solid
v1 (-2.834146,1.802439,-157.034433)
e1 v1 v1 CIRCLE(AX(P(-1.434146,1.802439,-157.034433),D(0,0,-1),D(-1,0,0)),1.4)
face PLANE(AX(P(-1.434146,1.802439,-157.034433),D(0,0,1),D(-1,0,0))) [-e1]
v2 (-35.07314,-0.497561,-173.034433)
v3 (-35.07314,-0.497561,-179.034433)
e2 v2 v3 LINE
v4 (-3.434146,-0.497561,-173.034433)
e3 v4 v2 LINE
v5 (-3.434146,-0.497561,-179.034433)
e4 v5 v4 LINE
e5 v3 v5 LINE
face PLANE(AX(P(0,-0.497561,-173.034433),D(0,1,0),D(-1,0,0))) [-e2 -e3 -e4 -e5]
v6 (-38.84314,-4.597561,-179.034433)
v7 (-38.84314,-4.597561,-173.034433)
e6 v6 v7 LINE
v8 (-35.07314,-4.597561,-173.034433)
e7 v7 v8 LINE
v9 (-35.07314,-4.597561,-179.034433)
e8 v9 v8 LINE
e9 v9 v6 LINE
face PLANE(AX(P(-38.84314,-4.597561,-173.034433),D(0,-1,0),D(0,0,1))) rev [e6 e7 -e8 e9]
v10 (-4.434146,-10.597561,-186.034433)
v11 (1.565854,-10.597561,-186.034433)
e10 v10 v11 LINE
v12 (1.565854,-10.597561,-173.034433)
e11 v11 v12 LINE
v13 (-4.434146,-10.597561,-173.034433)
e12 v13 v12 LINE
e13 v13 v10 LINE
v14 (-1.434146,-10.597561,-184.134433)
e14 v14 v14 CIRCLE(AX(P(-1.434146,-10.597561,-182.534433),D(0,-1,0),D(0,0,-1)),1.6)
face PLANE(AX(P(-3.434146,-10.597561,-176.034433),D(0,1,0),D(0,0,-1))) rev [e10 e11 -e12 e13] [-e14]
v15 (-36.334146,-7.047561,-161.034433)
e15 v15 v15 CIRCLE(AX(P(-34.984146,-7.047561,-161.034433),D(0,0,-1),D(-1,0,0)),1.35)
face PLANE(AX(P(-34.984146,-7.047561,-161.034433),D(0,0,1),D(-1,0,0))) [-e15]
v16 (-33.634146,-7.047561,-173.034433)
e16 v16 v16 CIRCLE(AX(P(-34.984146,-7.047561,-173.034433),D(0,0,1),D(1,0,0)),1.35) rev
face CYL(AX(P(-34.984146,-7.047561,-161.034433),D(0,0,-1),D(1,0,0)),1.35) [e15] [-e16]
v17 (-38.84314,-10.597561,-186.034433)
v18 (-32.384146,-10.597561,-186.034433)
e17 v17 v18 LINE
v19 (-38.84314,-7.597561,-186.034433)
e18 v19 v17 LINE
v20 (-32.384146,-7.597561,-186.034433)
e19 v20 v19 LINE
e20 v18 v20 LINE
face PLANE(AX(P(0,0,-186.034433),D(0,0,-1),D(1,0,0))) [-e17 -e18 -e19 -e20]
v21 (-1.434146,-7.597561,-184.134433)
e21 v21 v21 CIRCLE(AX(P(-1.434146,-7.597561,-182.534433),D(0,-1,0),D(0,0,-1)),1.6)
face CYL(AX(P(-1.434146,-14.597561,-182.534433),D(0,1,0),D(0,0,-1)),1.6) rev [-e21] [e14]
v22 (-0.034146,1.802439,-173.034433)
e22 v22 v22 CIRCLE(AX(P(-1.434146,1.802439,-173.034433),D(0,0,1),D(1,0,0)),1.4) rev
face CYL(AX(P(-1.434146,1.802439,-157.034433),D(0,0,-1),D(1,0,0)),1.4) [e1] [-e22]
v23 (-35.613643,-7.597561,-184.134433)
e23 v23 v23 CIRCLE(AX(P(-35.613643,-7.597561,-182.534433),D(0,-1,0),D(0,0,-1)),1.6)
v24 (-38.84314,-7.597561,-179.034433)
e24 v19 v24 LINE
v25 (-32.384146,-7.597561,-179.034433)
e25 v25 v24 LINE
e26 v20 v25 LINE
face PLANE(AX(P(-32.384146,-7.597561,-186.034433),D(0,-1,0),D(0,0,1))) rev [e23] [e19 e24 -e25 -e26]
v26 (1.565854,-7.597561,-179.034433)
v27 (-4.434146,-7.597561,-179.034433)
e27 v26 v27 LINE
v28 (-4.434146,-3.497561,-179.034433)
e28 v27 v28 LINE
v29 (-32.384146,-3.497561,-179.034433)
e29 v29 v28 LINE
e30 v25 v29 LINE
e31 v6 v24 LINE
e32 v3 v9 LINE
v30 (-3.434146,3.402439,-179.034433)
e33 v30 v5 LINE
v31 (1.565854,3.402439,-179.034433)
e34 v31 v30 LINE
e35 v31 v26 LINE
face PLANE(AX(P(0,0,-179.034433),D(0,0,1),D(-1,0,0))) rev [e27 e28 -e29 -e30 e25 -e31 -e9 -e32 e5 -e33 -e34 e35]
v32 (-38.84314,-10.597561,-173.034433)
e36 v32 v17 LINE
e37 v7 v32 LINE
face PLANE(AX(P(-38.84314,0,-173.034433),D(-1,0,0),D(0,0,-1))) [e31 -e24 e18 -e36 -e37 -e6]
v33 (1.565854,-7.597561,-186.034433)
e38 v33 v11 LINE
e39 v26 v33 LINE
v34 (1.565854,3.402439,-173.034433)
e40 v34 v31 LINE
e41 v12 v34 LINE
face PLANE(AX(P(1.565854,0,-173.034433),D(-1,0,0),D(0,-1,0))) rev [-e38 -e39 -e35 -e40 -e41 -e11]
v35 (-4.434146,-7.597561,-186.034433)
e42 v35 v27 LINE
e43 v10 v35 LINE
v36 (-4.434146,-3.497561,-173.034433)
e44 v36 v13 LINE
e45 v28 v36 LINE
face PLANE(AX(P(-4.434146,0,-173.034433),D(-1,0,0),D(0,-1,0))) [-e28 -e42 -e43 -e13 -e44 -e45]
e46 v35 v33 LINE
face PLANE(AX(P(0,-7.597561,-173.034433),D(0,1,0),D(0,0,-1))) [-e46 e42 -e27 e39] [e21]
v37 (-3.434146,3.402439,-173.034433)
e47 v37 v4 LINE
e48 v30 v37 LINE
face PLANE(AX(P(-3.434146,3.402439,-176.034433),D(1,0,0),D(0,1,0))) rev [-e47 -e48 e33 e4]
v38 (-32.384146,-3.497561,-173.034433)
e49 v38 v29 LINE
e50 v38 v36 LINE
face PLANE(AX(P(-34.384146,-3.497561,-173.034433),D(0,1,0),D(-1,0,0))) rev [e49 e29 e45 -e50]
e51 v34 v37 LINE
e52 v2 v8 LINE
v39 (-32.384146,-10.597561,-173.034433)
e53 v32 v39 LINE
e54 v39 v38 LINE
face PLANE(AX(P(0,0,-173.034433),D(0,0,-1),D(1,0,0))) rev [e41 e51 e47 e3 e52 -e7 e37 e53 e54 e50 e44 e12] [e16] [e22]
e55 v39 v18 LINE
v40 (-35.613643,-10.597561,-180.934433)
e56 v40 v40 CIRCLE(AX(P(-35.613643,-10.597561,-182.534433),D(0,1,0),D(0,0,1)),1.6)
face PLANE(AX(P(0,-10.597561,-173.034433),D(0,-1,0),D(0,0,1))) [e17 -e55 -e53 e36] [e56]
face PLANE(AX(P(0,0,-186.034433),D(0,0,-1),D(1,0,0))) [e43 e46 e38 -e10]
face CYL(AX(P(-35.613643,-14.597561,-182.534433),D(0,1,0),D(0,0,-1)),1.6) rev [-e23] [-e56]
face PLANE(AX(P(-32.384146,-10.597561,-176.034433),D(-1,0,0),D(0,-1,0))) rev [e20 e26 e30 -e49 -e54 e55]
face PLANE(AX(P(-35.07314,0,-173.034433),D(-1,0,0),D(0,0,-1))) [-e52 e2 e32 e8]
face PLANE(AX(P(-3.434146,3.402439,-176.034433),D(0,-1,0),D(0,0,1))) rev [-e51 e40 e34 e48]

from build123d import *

# Parameters (mm, degrees)
SKETCH1_W            = 4
SKETCH1_H            = 14
BOSS_EXTRUDE1_DEPTH  = 3
SKETCH2_R            = 1.4
BOSS_EXTRUDE2_DEPTH  = 16
SKETCH3_W            = 4
SKETCH3_H            = 1
BOSS_EXTRUDE4_DEPTH  = 6
SKETCH7_W            = 3
SKETCH7_H            = 2
BOSS_EXTRUDE5_DEPTH  = 30.95
SKETCH8_W            = 3
SKETCH8_H            = 2
BOSS_EXTRUDE6_DEPTH  = 1
SKETCH9_W            = 1
SKETCH9_H            = 2
BOSS_EXTRUDE7_DEPTH  = 3
SKETCH10_W           = 1
SKETCH10_H           = 2
BOSS_EXTRUDE8_DEPTH  = 5.92
SKETCH11_W           = 1
SKETCH11_H           = 2
BOSS_EXTRUDE9_DEPTH  = 4
SKETCH12_W           = 1
SKETCH12_H           = 3
BOSS_EXTRUDE14_DEPTH = 0.93
SKETCH13_W           = 3
SKETCH13_H           = 3
BOSS_EXTRUDE15_DEPTH = 7.1
SKETCH14_W           = 3.33402541
SKETCH14_H           = 13.860919233
CUT_EXTRUDE3_DEPTH   = 10
SKETCH15_W           = 6.20666024
SKETCH15_H           = 3.660501205
CUT_EXTRUDE4_DEPTH   = 10
SKETCH16_W           = 3
SKETCH16_H           = 9.1
BOSS_EXTRUDE16_DEPTH = 0.12
SKETCH18_W           = 3
SKETCH18_H           = 9.1
BOSS_EXTRUDE18_DEPTH = 0.41
SKETCH19_W           = 3
SKETCH19_H           = 9.1
BOSS_EXTRUDE19_DEPTH = 0.89
SKETCH20_W           = 3
SKETCH20_H           = 6
BOSS_EXTRUDE20_DEPTH = 3.77
SKETCH21_R           = 1.35
BOSS_EXTRUDE23_DEPTH = 12
BOSS_EXTRUDE24_DEPTH = 3
SKETCH24_W           = 4
SKETCH24_H           = 1
BOSS_EXTRUDE25_DEPTH = 4
SKETCH25_W           = 4
SKETCH25_H           = 7
BOSS_EXTRUDE26_DEPTH = 2
SKETCH26_W           = 6.458993184
SKETCH26_H           = 3
BOSS_EXTRUDE27_DEPTH = 7
SKETCH27_R           = 1.6
CUT_EXTRUDE5_DEPTH   = 7
SKETCH28_R           = 1.6
CUT_EXTRUDE6_DEPTH   = 7
SKETCH30_W           = 7
SKETCH30_H           = 3
BOSS_EXTRUDE29_DEPTH = 1
SKETCH31_W           = 7
SKETCH31_H           = 3
BOSS_EXTRUDE30_DEPTH = 1
SKETCH32_W           = 6
SKETCH32_H           = 7.1
BOSS_EXTRUDE31_DEPTH = 1
SKETCH33_W           = 31.638993184
SKETCH33_H           = 6
BOSS_EXTRUDE32_DEPTH = 1
SKETCH34_W           = 6
SKETCH34_H           = 14
BOSS_EXTRUDE33_DEPTH = 1


with BuildPart() as part:
    # Sketch1 → Boss-Extrude1 (new body)
    with BuildSketch(Plane.XY):
        with Locations((-1.434146341, -3.597560976)):
            Rectangle(SKETCH1_W, SKETCH1_H)
    extrude(amount=BOSS_EXTRUDE1_DEPTH)

    # Sketch2 → Boss-Extrude2 (add)
    with BuildSketch(Plane(origin=(0, 0, 0), x_dir=(-1, 0, 0), z_dir=(0, 0, -1))):
        with Locations(Location((1.434146341, 1.802439024, 0), (0, 0, 180))):
            Circle(SKETCH2_R)
    extrude(amount=BOSS_EXTRUDE2_DEPTH)

    # Sketch3 → Boss-Extrude4 (add)
    with BuildSketch(Plane.XY.offset(3)):
        with Locations((-1.434146341, -10.097560976)):
            Rectangle(SKETCH3_W, SKETCH3_H)
    extrude(amount=BOSS_EXTRUDE4_DEPTH)

    # Sketch7 → Boss-Extrude5 (add)
    with BuildSketch(Plane.ZY.offset(3.434146341)):
        with Locations((1.5, -2.497560976)):
            Rectangle(SKETCH7_W, SKETCH7_H)
    extrude(amount=BOSS_EXTRUDE5_DEPTH)

    # Sketch8 → Boss-Extrude6 (add)
    with BuildSketch(Plane.ZY.offset(34.384146341)):
        with Locations((1.5, -2.497560976)):
            Rectangle(SKETCH8_W, SKETCH8_H)
    extrude(amount=BOSS_EXTRUDE6_DEPTH)

    # Sketch9 → Boss-Extrude7 (add)
    with BuildSketch(Plane(origin=(0, 0, 0), x_dir=(-1, 0, 0), z_dir=(0, 0, -1))):
        with Locations((34.884146341, -2.497560976)):
            Rectangle(SKETCH9_W, SKETCH9_H)
    extrude(amount=BOSS_EXTRUDE7_DEPTH)

    # Sketch10 → Boss-Extrude8 (add)
    with BuildSketch(Plane(origin=(0, 0, -3), x_dir=(-1, 0, 0), z_dir=(0, 0, -1))):
        with Locations((34.884146341, -2.497560976)):
            Rectangle(SKETCH10_W, SKETCH10_H)
    extrude(amount=BOSS_EXTRUDE8_DEPTH)

    # Sketch11 → Boss-Extrude9 (add)
    with BuildSketch(Plane(origin=(0, 0, -8.92), x_dir=(-1, 0, 0), z_dir=(0, 0, -1))):
        with Locations((34.884146341, -2.497560976)):
            Rectangle(SKETCH11_W, SKETCH11_H)
    extrude(amount=BOSS_EXTRUDE9_DEPTH)

    # Sketch12 → Boss-Extrude14 (add)
    with BuildSketch(Plane.XZ.offset(3.497560976)):
        with Locations((-34.884146341, -9.28)):
            Rectangle(SKETCH12_W, SKETCH12_H)
    extrude(amount=BOSS_EXTRUDE14_DEPTH)

    # Sketch13 → Boss-Extrude15 (add)
    with BuildSketch(Plane.XZ.offset(3.497560976)):
        with Locations((-33.884146341, 1.5)):
            Rectangle(SKETCH13_W, SKETCH13_H)
    extrude(amount=BOSS_EXTRUDE15_DEPTH)

    # Sketch14 → Cut-Extrude3 (cut)
    with BuildSketch(Plane.XY.offset(3)):
        with Locations((-35.32015223, -3.66710136)):
            Rectangle(SKETCH14_W, SKETCH14_H)
    extrude(amount=-CUT_EXTRUDE3_DEPTH, mode=Mode.SUBTRACT)


with BuildPart() as cut_extrude3_piece_1:
    # of the separate pieces the step leaves, piece 1, a body of its own (cut_extrude3_pieces)
    add(part.part.solids().sort_by_distance((-3.434146341, 3.402439024, 0))[0])

    # Sketch16 → Boss-Extrude16 (add)
    with BuildSketch(Plane.ZY.offset(33.653139525)):
        with Locations((1.5, -6.047560976)):
            Rectangle(SKETCH16_W, SKETCH16_H)
    extrude(amount=BOSS_EXTRUDE16_DEPTH)

    # Sketch18 → Boss-Extrude18 (add)
    with BuildSketch(Plane.ZY.offset(33.773139525)):
        with Locations((1.5, -6.047560976)):
            Rectangle(SKETCH18_W, SKETCH18_H)
    extrude(amount=BOSS_EXTRUDE18_DEPTH)

    # Sketch19 → Boss-Extrude19 (add)
    with BuildSketch(Plane.ZY.offset(34.183139525)):
        with Locations((1.5, -6.047560976)):
            Rectangle(SKETCH19_W, SKETCH19_H)
    extrude(amount=BOSS_EXTRUDE19_DEPTH)

    # Sketch20 → Boss-Extrude20 (add)
    with BuildSketch(Plane.ZY.offset(35.073139525)):
        with Locations((1.5, -7.597560976)):
            Rectangle(SKETCH20_W, SKETCH20_H)
    extrude(amount=BOSS_EXTRUDE20_DEPTH)

    # Sketch21 → Boss-Extrude23 (add)
    with BuildSketch(Plane(origin=(0, 0, 0), x_dir=(-1, 0, 0), z_dir=(0, 0, -1))):
        with Locations(Location((34.984146341, -7.047560976, 0), (0, 0, 180))):
            Circle(SKETCH21_R)
    extrude(amount=BOSS_EXTRUDE23_DEPTH)

    # Sketch23 → Boss-Extrude24 (add)
    with BuildSketch(Plane.XY.offset(3)):
        Polygon((-38.843139525, -10.597560976), (-38.843139525, -4.597560976), (-35.073139525, -4.597560976), (-35.073139525, -1.497560976), (-3.434146341, -1.497560976), (-3.434146341, 3.402439024), (0.565853659, 3.402439024), (0.565853659, -9.597560976), (-3.434146341, -9.597560976), (-3.434146341, -3.497560976), (-32.384146341, -3.497560976), (-32.384146341, -10.597560976), align=None)
    extrude(amount=BOSS_EXTRUDE24_DEPTH)

    # Sketch24 → Boss-Extrude25 (add)
    with BuildSketch(Plane.XY.offset(9)):
        with Locations((-1.434146341, -10.097560976)):
            Rectangle(SKETCH24_W, SKETCH24_H)
    extrude(amount=BOSS_EXTRUDE25_DEPTH)

    # Sketch25 → Boss-Extrude26 (add)
    with BuildSketch(Plane(origin=(0, -9.597560976, 0), x_dir=(1, 0, 0), z_dir=(0, 1, 0))):
        with Locations((-1.434146341, -9.5)):
            Rectangle(SKETCH25_W, SKETCH25_H)
    extrude(amount=BOSS_EXTRUDE26_DEPTH)

    # Sketch26 → Boss-Extrude27 (add)
    with BuildSketch(Plane.XY.offset(6)):
        with Locations((-35.613642933, -9.097560976)):
            Rectangle(SKETCH26_W, SKETCH26_H)
    extrude(amount=BOSS_EXTRUDE27_DEPTH)

    # Sketch27 → Cut-Extrude5 (cut)
    with BuildSketch(Plane(origin=(0, -7.597560976, 0), x_dir=(1, 0, 0), z_dir=(0, 1, 0))):
        with Locations(Location((-35.613642933, -9.5, 0), (0, 0, 270))):
            Circle(SKETCH27_R)
    extrude(amount=-CUT_EXTRUDE5_DEPTH, mode=Mode.SUBTRACT)

    # Sketch28 → Cut-Extrude6 (cut)
    with BuildSketch(Plane(origin=(0, -7.597560976, 0), x_dir=(1, 0, 0), z_dir=(0, 1, 0))):
        with Locations(Location((-1.434146341, -9.5, 0), (0, 0, 270))):
            Circle(SKETCH28_R)
    extrude(amount=-CUT_EXTRUDE6_DEPTH, mode=Mode.SUBTRACT)

    # Sketch30 → Boss-Extrude29 (add)
    with BuildSketch(Plane(origin=(0.565853659, 0, 0), x_dir=(0, 0, -1), z_dir=(1, 0, 0))):
        with Locations((-9.5, -9.097560976)):
            Rectangle(SKETCH30_W, SKETCH30_H)
    extrude(amount=BOSS_EXTRUDE29_DEPTH)

    # Sketch31 → Boss-Extrude30 (add)
    with BuildSketch(Plane.ZY.offset(3.434146341)):
        with Locations((9.5, -9.097560976)):
            Rectangle(SKETCH31_W, SKETCH31_H)
    extrude(amount=BOSS_EXTRUDE30_DEPTH)

    # Sketch32 → Boss-Extrude31 (add)
    with BuildSketch(Plane.ZY.offset(3.434146341)):
        with Locations((3, -7.047560976)):
            Rectangle(SKETCH32_W, SKETCH32_H)
    extrude(amount=BOSS_EXTRUDE31_DEPTH)

    # Sketch33 → Boss-Extrude32 (add)
    with BuildSketch(Plane(origin=(0, -1.497560976, 0), x_dir=(1, 0, 0), z_dir=(0, 1, 0))):
        with Locations((-19.253642933, -3)):
            Rectangle(SKETCH33_W, SKETCH33_H)
    extrude(amount=BOSS_EXTRUDE32_DEPTH)

    # Sketch34 → Boss-Extrude33 (add)
    with BuildSketch(Plane(origin=(0.565853659, 0, 0), x_dir=(0, 0, -1), z_dir=(1, 0, 0))):
        with Locations((-3, -3.597560976)):
            Rectangle(SKETCH34_W, SKETCH34_H)
    extrude(amount=BOSS_EXTRUDE33_DEPTH)


with BuildPart() as cut_extrude3_piece_2:
    # of the separate pieces the step leaves, piece 2, a body of its own (cut_extrude3_pieces)
    add(part.part.solids().sort_by_distance((-34.384146341, -1.497560976, -7))[0])

    # Sketch15 → Cut-Extrude4 (cut)
    with BuildSketch(Plane.ZY.offset(35.384146341)):
        with Locations((-9.81666988, -3.327811578)):
            Rectangle(SKETCH15_W, SKETCH15_H)
    extrude(amount=-CUT_EXTRUDE4_DEPTH, mode=Mode.SUBTRACT)


with BuildPart() as body_2:
    # Mirror1: mirrored copy
    add(cut_extrude3_piece_1.part.mirror(Plane.XY.offset(-86.517216343)))


solid = body_2.part
